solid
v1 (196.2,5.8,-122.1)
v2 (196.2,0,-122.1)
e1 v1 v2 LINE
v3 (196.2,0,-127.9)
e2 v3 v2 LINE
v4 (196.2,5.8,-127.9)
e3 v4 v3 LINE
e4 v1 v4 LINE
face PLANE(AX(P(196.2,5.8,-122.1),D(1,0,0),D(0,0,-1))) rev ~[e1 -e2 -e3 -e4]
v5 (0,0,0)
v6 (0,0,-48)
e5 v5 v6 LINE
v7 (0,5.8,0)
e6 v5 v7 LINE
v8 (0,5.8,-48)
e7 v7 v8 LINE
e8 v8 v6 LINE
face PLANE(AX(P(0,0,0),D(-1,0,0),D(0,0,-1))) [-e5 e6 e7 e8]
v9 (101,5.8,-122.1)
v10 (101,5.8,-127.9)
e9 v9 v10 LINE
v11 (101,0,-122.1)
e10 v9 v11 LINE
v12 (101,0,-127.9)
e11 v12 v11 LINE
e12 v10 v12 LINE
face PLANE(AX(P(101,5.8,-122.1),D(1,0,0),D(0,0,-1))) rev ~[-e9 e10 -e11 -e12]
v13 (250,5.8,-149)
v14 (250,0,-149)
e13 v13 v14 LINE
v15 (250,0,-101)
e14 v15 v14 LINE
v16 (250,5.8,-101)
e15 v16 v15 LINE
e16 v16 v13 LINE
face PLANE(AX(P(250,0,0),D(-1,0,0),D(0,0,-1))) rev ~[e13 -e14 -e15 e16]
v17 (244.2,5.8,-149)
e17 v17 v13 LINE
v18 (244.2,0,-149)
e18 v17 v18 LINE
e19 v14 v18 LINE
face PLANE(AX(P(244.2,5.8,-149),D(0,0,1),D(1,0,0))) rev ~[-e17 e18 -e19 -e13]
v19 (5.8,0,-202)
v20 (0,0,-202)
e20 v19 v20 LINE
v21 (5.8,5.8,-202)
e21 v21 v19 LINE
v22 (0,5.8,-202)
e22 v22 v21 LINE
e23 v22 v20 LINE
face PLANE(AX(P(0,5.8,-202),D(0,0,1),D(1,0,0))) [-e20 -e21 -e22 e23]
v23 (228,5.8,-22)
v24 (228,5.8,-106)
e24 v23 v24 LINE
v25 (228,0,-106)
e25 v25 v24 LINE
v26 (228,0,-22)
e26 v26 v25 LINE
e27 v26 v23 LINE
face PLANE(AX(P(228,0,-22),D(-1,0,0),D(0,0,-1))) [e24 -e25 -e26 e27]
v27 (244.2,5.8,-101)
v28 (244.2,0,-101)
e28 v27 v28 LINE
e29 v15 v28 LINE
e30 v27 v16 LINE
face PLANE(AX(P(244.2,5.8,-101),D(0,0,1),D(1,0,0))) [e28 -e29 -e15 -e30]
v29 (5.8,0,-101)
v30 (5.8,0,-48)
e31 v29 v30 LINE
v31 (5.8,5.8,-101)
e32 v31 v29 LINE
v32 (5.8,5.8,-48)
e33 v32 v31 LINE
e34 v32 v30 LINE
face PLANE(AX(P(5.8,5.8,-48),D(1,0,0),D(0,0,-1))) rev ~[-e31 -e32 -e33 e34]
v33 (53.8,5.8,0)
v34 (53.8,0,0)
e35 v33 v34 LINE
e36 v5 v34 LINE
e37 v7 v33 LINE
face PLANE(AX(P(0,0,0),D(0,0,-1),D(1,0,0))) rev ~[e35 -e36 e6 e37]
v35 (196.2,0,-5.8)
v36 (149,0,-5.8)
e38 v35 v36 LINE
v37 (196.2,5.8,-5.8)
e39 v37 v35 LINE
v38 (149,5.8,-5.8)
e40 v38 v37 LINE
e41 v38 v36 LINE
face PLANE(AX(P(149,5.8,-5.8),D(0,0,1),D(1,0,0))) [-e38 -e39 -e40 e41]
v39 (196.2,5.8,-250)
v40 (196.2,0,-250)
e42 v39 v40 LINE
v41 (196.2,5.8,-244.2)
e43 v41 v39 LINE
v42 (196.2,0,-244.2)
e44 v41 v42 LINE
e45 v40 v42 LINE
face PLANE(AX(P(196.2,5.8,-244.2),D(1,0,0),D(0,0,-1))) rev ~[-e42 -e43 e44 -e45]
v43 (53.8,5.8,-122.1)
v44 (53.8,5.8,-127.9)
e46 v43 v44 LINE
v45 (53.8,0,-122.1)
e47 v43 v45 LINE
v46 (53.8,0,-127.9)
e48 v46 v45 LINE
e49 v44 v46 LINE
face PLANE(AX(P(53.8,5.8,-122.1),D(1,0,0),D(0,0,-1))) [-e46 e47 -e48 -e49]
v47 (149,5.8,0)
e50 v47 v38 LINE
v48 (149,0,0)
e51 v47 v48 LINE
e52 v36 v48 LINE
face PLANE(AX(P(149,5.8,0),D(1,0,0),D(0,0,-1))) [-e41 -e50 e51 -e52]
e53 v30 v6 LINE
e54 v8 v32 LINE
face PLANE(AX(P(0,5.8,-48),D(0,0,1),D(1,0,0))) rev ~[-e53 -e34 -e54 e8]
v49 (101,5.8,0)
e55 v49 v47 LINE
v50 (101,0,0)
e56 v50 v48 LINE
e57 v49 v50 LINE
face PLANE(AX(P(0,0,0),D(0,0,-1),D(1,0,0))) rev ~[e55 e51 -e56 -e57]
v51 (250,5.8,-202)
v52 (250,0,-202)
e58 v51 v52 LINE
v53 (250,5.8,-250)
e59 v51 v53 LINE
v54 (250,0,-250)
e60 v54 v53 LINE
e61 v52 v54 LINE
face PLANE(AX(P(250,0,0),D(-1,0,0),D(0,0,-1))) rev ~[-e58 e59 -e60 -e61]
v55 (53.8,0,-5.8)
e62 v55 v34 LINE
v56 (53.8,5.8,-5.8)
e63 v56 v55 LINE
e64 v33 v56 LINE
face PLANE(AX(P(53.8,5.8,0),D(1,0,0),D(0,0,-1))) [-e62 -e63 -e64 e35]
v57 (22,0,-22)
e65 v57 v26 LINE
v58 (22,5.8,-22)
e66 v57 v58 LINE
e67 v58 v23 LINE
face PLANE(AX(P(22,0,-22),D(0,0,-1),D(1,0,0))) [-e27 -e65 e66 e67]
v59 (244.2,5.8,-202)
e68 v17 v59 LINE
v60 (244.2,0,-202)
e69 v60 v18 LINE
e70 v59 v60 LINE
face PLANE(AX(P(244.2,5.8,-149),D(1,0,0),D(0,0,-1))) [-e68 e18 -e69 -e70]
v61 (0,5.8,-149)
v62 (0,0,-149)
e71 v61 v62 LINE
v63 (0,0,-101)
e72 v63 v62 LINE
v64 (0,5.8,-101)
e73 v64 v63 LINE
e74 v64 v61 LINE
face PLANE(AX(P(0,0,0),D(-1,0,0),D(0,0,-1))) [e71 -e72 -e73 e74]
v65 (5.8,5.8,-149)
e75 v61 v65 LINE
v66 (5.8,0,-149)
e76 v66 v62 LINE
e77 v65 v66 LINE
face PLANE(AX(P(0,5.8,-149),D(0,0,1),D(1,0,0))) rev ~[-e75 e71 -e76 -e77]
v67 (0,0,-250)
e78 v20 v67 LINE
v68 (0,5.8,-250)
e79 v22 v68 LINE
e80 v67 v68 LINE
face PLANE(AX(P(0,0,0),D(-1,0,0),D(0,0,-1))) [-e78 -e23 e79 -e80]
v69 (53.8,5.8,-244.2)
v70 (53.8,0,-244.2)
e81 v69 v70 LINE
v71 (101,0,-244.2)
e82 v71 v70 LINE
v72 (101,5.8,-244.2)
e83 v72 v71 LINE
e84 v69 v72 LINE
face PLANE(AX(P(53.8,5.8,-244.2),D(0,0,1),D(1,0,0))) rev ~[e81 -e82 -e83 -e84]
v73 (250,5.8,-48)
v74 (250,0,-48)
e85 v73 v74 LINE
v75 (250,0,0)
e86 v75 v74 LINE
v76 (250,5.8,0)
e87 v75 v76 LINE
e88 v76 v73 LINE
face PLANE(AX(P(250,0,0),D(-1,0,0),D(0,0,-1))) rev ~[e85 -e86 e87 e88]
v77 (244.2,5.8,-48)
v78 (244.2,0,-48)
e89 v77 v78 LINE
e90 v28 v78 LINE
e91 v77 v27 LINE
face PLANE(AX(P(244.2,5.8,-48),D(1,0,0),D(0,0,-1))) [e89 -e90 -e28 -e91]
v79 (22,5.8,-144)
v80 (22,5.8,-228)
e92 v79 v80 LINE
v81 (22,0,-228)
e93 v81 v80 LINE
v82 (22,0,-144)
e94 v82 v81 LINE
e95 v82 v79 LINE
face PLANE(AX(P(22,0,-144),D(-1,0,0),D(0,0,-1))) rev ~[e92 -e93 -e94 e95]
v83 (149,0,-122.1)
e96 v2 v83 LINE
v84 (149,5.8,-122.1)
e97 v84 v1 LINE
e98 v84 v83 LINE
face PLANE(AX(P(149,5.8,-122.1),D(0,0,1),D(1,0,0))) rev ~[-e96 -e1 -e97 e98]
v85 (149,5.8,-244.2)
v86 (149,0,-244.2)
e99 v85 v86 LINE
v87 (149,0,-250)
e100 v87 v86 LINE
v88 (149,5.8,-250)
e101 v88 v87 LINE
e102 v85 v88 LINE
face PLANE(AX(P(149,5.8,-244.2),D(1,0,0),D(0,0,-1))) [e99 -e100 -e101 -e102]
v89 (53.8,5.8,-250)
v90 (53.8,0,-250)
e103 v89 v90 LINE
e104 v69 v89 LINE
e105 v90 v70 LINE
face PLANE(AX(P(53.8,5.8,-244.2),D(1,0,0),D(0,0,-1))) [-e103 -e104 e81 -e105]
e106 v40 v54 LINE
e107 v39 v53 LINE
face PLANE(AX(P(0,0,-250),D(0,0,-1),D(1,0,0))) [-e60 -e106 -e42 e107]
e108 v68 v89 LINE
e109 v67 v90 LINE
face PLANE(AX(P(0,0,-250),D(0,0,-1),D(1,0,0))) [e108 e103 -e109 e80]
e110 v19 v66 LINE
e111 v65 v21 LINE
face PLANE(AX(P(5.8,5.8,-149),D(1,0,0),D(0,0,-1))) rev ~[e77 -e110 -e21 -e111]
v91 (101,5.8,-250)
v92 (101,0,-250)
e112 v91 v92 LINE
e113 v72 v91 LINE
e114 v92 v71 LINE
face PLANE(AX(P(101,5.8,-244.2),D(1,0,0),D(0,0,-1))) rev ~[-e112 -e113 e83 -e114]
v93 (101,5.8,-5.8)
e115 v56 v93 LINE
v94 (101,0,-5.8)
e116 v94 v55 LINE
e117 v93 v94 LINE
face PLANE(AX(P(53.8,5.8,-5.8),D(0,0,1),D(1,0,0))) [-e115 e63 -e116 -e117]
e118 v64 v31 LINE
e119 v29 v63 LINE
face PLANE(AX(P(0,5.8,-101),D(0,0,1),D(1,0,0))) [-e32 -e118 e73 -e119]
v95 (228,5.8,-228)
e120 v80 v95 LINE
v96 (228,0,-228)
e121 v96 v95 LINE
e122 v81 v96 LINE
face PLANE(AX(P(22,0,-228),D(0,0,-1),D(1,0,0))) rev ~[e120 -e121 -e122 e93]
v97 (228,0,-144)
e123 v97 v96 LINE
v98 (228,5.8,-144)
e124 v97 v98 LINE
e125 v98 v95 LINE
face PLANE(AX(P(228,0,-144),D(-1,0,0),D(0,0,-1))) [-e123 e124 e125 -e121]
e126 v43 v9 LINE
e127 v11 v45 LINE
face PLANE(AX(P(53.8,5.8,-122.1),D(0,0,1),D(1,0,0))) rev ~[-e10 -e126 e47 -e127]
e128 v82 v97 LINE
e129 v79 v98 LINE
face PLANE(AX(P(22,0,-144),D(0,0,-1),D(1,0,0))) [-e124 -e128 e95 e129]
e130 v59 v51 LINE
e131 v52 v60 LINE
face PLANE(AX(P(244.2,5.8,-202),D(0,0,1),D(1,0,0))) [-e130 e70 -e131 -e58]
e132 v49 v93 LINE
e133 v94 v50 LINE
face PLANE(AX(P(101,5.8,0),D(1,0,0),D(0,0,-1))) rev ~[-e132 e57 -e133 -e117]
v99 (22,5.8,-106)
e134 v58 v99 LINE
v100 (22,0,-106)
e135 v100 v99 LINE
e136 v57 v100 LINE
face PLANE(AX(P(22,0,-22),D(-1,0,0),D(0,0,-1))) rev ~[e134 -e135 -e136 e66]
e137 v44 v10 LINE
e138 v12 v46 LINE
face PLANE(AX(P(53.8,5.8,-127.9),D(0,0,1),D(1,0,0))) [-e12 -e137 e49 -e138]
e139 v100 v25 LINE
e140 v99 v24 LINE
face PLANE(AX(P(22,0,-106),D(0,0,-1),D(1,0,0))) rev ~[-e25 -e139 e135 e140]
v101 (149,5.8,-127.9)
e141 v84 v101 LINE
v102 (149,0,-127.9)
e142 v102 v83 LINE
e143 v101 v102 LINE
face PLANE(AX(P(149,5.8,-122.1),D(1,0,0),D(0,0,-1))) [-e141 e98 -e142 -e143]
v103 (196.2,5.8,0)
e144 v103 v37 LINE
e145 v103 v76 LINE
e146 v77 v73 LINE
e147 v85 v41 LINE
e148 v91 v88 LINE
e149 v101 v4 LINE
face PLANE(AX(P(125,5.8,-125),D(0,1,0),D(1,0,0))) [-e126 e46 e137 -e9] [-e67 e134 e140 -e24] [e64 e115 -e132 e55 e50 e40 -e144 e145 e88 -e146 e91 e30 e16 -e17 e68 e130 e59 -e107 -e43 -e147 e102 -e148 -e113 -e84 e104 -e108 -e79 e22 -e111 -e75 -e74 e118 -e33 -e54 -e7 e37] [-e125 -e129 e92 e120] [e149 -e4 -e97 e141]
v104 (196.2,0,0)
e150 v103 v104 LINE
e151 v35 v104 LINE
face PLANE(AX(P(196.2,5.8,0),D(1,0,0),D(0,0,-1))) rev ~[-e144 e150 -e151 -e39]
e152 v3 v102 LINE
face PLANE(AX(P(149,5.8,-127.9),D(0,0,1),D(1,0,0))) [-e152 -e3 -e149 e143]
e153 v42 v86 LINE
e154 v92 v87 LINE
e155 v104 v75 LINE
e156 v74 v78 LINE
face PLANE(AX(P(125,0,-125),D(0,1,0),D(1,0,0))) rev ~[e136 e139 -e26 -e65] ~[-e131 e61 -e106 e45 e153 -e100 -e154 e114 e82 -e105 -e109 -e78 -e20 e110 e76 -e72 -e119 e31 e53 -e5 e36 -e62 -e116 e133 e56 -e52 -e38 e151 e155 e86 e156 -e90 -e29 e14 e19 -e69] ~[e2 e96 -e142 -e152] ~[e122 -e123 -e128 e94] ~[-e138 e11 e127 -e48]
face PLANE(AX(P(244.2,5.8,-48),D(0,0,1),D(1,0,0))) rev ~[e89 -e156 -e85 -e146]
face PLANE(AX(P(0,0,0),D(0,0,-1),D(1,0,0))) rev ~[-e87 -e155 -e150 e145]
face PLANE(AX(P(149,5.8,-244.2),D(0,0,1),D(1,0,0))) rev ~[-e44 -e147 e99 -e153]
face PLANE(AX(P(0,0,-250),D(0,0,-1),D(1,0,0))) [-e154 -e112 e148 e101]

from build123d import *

# Parameters (mm, degrees)
SKETCH_1_W          = 250
SKETCH_1_H          = 250
SKETCH_1_W_2        = 206
SKETCH_1_H_2        = 84
EXTRUDE_1_DEPTH     = 5.8
CUT_EXTRUDE_1_REACH = 355.601
SKETCH_2_W          = 47.2
SKETCH_2_H          = 5.8
SKETCH_2_W_2        = 5.8
SKETCH_2_H_2        = 53


with BuildPart() as part:
    # Эскиз1 → Бобышка-Вытянуть1 (new body)
    with BuildSketch(Plane(origin=(0, 0, 0), x_dir=(1, 0, 0), z_dir=(0, 1, 0))):
        with Locations((125, 125)):
            Rectangle(SKETCH_1_W, SKETCH_1_H)
        with Locations((125, 186)):
            Rectangle(SKETCH_1_W_2, SKETCH_1_H_2, mode=Mode.SUBTRACT)
        with Locations((125, 64)):
            Rectangle(SKETCH_1_W_2, SKETCH_1_H_2, mode=Mode.SUBTRACT)
    extrude(amount=EXTRUDE_1_DEPTH)

    # Эскиз2 → Вырез-Вытянуть1 (cut, up to next)
    with BuildSketch(Plane(origin=(0, 5.8, 0), x_dir=(1, 0, 0), z_dir=(0, 1, 0)), mode=Mode.PRIVATE) as cut_extrude_1_sk1:
        with Locations((77.4, 2.9)):
            Rectangle(SKETCH_2_W, SKETCH_2_H)
    cut_extrude_1_tool1 = extrude(cut_extrude_1_sk1.sketch, amount=-CUT_EXTRUDE_1_REACH, mode=Mode.PRIVATE) & part.part
    # Эскиз2 → Вырез-Вытянуть1 (cut, up to next)
    with BuildSketch(Plane(origin=(0, 5.8, 0), x_dir=(1, 0, 0), z_dir=(0, 1, 0)), mode=Mode.PRIVATE) as cut_extrude_1_sk2:
        with Locations((77.4, 125)):
            Rectangle(SKETCH_2_W, SKETCH_2_H)
    cut_extrude_1_tool2 = extrude(cut_extrude_1_sk2.sketch, amount=-CUT_EXTRUDE_1_REACH, mode=Mode.PRIVATE) & part.part
    # Эскиз2 → Вырез-Вытянуть1 (cut, up to next)
    with BuildSketch(Plane(origin=(0, 5.8, 0), x_dir=(1, 0, 0), z_dir=(0, 1, 0)), mode=Mode.PRIVATE) as cut_extrude_1_sk3:
        with Locations((77.4, 247.1)):
            Rectangle(SKETCH_2_W, SKETCH_2_H)
    cut_extrude_1_tool3 = extrude(cut_extrude_1_sk3.sketch, amount=-CUT_EXTRUDE_1_REACH, mode=Mode.PRIVATE) & part.part
    # Эскиз2 → Вырез-Вытянуть1 (cut, up to next)
    with BuildSketch(Plane(origin=(0, 5.8, 0), x_dir=(1, 0, 0), z_dir=(0, 1, 0)), mode=Mode.PRIVATE) as cut_extrude_1_sk4:
        with Locations((2.9, 175.5)):
            Rectangle(SKETCH_2_W_2, SKETCH_2_H_2)
    cut_extrude_1_tool4 = extrude(cut_extrude_1_sk4.sketch, amount=-CUT_EXTRUDE_1_REACH, mode=Mode.PRIVATE) & part.part
    # Эскиз2 → Вырез-Вытянуть1 (cut, up to next)
    with BuildSketch(Plane(origin=(0, 5.8, 0), x_dir=(1, 0, 0), z_dir=(0, 1, 0)), mode=Mode.PRIVATE) as cut_extrude_1_sk5:
        with Locations((2.9, 74.5)):
            Rectangle(SKETCH_2_W_2, SKETCH_2_H_2)
    cut_extrude_1_tool5 = extrude(cut_extrude_1_sk5.sketch, amount=-CUT_EXTRUDE_1_REACH, mode=Mode.PRIVATE) & part.part
    # Эскиз2 → Вырез-Вытянуть1 (cut, up to next)
    with BuildSketch(Plane(origin=(0, 5.8, 0), x_dir=(1, 0, 0), z_dir=(0, 1, 0)), mode=Mode.PRIVATE) as cut_extrude_1_sk6:
        with Locations((172.6, 2.9)):
            Rectangle(SKETCH_2_W, SKETCH_2_H)
    cut_extrude_1_tool6 = extrude(cut_extrude_1_sk6.sketch, amount=-CUT_EXTRUDE_1_REACH, mode=Mode.PRIVATE) & part.part
    # Эскиз2 → Вырез-Вытянуть1 (cut, up to next)
    with BuildSketch(Plane(origin=(0, 5.8, 0), x_dir=(1, 0, 0), z_dir=(0, 1, 0)), mode=Mode.PRIVATE) as cut_extrude_1_sk7:
        with Locations((172.6, 125)):
            Rectangle(SKETCH_2_W, SKETCH_2_H)
    cut_extrude_1_tool7 = extrude(cut_extrude_1_sk7.sketch, amount=-CUT_EXTRUDE_1_REACH, mode=Mode.PRIVATE) & part.part
    # Эскиз2 → Вырез-Вытянуть1 (cut, up to next)
    with BuildSketch(Plane(origin=(0, 5.8, 0), x_dir=(1, 0, 0), z_dir=(0, 1, 0)), mode=Mode.PRIVATE) as cut_extrude_1_sk8:
        with Locations((172.6, 247.1)):
            Rectangle(SKETCH_2_W, SKETCH_2_H)
    cut_extrude_1_tool8 = extrude(cut_extrude_1_sk8.sketch, amount=-CUT_EXTRUDE_1_REACH, mode=Mode.PRIVATE) & part.part
    # Эскиз2 → Вырез-Вытянуть1 (cut, up to next)
    with BuildSketch(Plane(origin=(0, 5.8, 0), x_dir=(1, 0, 0), z_dir=(0, 1, 0)), mode=Mode.PRIVATE) as cut_extrude_1_sk9:
        with Locations((247.1, 175.5)):
            Rectangle(SKETCH_2_W_2, SKETCH_2_H_2)
    cut_extrude_1_tool9 = extrude(cut_extrude_1_sk9.sketch, amount=-CUT_EXTRUDE_1_REACH, mode=Mode.PRIVATE) & part.part
    # Эскиз2 → Вырез-Вытянуть1 (cut, up to next)
    with BuildSketch(Plane(origin=(0, 5.8, 0), x_dir=(1, 0, 0), z_dir=(0, 1, 0)), mode=Mode.PRIVATE) as cut_extrude_1_sk10:
        with Locations((247.1, 74.5)):
            Rectangle(SKETCH_2_W_2, SKETCH_2_H_2)
    cut_extrude_1_tool10 = extrude(cut_extrude_1_sk10.sketch, amount=-CUT_EXTRUDE_1_REACH, mode=Mode.PRIVATE) & part.part
    add(cut_extrude_1_tool1.solids().sort_by_distance((77.4, 5.8, -2.9))[0], mode=Mode.SUBTRACT)
    add(cut_extrude_1_tool2.solids().sort_by_distance((77.4, 5.8, -125))[0], mode=Mode.SUBTRACT)
    add(cut_extrude_1_tool3.solids().sort_by_distance((77.4, 5.8, -247.1))[0], mode=Mode.SUBTRACT)
    add(cut_extrude_1_tool4.solids().sort_by_distance((2.9, 5.8, -175.5))[0], mode=Mode.SUBTRACT)
    add(cut_extrude_1_tool5.solids().sort_by_distance((2.9, 5.8, -74.5))[0], mode=Mode.SUBTRACT)
    add(cut_extrude_1_tool6.solids().sort_by_distance((172.6, 5.8, -2.9))[0], mode=Mode.SUBTRACT)
    add(cut_extrude_1_tool7.solids().sort_by_distance((172.6, 5.8, -125))[0], mode=Mode.SUBTRACT)
    add(cut_extrude_1_tool8.solids().sort_by_distance((172.6, 5.8, -247.1))[0], mode=Mode.SUBTRACT)
    add(cut_extrude_1_tool9.solids().sort_by_distance((247.1, 5.8, -175.5))[0], mode=Mode.SUBTRACT)
    add(cut_extrude_1_tool10.solids().sort_by_distance((247.1, 5.8, -74.5))[0], mode=Mode.SUBTRACT)


solid = part.part
